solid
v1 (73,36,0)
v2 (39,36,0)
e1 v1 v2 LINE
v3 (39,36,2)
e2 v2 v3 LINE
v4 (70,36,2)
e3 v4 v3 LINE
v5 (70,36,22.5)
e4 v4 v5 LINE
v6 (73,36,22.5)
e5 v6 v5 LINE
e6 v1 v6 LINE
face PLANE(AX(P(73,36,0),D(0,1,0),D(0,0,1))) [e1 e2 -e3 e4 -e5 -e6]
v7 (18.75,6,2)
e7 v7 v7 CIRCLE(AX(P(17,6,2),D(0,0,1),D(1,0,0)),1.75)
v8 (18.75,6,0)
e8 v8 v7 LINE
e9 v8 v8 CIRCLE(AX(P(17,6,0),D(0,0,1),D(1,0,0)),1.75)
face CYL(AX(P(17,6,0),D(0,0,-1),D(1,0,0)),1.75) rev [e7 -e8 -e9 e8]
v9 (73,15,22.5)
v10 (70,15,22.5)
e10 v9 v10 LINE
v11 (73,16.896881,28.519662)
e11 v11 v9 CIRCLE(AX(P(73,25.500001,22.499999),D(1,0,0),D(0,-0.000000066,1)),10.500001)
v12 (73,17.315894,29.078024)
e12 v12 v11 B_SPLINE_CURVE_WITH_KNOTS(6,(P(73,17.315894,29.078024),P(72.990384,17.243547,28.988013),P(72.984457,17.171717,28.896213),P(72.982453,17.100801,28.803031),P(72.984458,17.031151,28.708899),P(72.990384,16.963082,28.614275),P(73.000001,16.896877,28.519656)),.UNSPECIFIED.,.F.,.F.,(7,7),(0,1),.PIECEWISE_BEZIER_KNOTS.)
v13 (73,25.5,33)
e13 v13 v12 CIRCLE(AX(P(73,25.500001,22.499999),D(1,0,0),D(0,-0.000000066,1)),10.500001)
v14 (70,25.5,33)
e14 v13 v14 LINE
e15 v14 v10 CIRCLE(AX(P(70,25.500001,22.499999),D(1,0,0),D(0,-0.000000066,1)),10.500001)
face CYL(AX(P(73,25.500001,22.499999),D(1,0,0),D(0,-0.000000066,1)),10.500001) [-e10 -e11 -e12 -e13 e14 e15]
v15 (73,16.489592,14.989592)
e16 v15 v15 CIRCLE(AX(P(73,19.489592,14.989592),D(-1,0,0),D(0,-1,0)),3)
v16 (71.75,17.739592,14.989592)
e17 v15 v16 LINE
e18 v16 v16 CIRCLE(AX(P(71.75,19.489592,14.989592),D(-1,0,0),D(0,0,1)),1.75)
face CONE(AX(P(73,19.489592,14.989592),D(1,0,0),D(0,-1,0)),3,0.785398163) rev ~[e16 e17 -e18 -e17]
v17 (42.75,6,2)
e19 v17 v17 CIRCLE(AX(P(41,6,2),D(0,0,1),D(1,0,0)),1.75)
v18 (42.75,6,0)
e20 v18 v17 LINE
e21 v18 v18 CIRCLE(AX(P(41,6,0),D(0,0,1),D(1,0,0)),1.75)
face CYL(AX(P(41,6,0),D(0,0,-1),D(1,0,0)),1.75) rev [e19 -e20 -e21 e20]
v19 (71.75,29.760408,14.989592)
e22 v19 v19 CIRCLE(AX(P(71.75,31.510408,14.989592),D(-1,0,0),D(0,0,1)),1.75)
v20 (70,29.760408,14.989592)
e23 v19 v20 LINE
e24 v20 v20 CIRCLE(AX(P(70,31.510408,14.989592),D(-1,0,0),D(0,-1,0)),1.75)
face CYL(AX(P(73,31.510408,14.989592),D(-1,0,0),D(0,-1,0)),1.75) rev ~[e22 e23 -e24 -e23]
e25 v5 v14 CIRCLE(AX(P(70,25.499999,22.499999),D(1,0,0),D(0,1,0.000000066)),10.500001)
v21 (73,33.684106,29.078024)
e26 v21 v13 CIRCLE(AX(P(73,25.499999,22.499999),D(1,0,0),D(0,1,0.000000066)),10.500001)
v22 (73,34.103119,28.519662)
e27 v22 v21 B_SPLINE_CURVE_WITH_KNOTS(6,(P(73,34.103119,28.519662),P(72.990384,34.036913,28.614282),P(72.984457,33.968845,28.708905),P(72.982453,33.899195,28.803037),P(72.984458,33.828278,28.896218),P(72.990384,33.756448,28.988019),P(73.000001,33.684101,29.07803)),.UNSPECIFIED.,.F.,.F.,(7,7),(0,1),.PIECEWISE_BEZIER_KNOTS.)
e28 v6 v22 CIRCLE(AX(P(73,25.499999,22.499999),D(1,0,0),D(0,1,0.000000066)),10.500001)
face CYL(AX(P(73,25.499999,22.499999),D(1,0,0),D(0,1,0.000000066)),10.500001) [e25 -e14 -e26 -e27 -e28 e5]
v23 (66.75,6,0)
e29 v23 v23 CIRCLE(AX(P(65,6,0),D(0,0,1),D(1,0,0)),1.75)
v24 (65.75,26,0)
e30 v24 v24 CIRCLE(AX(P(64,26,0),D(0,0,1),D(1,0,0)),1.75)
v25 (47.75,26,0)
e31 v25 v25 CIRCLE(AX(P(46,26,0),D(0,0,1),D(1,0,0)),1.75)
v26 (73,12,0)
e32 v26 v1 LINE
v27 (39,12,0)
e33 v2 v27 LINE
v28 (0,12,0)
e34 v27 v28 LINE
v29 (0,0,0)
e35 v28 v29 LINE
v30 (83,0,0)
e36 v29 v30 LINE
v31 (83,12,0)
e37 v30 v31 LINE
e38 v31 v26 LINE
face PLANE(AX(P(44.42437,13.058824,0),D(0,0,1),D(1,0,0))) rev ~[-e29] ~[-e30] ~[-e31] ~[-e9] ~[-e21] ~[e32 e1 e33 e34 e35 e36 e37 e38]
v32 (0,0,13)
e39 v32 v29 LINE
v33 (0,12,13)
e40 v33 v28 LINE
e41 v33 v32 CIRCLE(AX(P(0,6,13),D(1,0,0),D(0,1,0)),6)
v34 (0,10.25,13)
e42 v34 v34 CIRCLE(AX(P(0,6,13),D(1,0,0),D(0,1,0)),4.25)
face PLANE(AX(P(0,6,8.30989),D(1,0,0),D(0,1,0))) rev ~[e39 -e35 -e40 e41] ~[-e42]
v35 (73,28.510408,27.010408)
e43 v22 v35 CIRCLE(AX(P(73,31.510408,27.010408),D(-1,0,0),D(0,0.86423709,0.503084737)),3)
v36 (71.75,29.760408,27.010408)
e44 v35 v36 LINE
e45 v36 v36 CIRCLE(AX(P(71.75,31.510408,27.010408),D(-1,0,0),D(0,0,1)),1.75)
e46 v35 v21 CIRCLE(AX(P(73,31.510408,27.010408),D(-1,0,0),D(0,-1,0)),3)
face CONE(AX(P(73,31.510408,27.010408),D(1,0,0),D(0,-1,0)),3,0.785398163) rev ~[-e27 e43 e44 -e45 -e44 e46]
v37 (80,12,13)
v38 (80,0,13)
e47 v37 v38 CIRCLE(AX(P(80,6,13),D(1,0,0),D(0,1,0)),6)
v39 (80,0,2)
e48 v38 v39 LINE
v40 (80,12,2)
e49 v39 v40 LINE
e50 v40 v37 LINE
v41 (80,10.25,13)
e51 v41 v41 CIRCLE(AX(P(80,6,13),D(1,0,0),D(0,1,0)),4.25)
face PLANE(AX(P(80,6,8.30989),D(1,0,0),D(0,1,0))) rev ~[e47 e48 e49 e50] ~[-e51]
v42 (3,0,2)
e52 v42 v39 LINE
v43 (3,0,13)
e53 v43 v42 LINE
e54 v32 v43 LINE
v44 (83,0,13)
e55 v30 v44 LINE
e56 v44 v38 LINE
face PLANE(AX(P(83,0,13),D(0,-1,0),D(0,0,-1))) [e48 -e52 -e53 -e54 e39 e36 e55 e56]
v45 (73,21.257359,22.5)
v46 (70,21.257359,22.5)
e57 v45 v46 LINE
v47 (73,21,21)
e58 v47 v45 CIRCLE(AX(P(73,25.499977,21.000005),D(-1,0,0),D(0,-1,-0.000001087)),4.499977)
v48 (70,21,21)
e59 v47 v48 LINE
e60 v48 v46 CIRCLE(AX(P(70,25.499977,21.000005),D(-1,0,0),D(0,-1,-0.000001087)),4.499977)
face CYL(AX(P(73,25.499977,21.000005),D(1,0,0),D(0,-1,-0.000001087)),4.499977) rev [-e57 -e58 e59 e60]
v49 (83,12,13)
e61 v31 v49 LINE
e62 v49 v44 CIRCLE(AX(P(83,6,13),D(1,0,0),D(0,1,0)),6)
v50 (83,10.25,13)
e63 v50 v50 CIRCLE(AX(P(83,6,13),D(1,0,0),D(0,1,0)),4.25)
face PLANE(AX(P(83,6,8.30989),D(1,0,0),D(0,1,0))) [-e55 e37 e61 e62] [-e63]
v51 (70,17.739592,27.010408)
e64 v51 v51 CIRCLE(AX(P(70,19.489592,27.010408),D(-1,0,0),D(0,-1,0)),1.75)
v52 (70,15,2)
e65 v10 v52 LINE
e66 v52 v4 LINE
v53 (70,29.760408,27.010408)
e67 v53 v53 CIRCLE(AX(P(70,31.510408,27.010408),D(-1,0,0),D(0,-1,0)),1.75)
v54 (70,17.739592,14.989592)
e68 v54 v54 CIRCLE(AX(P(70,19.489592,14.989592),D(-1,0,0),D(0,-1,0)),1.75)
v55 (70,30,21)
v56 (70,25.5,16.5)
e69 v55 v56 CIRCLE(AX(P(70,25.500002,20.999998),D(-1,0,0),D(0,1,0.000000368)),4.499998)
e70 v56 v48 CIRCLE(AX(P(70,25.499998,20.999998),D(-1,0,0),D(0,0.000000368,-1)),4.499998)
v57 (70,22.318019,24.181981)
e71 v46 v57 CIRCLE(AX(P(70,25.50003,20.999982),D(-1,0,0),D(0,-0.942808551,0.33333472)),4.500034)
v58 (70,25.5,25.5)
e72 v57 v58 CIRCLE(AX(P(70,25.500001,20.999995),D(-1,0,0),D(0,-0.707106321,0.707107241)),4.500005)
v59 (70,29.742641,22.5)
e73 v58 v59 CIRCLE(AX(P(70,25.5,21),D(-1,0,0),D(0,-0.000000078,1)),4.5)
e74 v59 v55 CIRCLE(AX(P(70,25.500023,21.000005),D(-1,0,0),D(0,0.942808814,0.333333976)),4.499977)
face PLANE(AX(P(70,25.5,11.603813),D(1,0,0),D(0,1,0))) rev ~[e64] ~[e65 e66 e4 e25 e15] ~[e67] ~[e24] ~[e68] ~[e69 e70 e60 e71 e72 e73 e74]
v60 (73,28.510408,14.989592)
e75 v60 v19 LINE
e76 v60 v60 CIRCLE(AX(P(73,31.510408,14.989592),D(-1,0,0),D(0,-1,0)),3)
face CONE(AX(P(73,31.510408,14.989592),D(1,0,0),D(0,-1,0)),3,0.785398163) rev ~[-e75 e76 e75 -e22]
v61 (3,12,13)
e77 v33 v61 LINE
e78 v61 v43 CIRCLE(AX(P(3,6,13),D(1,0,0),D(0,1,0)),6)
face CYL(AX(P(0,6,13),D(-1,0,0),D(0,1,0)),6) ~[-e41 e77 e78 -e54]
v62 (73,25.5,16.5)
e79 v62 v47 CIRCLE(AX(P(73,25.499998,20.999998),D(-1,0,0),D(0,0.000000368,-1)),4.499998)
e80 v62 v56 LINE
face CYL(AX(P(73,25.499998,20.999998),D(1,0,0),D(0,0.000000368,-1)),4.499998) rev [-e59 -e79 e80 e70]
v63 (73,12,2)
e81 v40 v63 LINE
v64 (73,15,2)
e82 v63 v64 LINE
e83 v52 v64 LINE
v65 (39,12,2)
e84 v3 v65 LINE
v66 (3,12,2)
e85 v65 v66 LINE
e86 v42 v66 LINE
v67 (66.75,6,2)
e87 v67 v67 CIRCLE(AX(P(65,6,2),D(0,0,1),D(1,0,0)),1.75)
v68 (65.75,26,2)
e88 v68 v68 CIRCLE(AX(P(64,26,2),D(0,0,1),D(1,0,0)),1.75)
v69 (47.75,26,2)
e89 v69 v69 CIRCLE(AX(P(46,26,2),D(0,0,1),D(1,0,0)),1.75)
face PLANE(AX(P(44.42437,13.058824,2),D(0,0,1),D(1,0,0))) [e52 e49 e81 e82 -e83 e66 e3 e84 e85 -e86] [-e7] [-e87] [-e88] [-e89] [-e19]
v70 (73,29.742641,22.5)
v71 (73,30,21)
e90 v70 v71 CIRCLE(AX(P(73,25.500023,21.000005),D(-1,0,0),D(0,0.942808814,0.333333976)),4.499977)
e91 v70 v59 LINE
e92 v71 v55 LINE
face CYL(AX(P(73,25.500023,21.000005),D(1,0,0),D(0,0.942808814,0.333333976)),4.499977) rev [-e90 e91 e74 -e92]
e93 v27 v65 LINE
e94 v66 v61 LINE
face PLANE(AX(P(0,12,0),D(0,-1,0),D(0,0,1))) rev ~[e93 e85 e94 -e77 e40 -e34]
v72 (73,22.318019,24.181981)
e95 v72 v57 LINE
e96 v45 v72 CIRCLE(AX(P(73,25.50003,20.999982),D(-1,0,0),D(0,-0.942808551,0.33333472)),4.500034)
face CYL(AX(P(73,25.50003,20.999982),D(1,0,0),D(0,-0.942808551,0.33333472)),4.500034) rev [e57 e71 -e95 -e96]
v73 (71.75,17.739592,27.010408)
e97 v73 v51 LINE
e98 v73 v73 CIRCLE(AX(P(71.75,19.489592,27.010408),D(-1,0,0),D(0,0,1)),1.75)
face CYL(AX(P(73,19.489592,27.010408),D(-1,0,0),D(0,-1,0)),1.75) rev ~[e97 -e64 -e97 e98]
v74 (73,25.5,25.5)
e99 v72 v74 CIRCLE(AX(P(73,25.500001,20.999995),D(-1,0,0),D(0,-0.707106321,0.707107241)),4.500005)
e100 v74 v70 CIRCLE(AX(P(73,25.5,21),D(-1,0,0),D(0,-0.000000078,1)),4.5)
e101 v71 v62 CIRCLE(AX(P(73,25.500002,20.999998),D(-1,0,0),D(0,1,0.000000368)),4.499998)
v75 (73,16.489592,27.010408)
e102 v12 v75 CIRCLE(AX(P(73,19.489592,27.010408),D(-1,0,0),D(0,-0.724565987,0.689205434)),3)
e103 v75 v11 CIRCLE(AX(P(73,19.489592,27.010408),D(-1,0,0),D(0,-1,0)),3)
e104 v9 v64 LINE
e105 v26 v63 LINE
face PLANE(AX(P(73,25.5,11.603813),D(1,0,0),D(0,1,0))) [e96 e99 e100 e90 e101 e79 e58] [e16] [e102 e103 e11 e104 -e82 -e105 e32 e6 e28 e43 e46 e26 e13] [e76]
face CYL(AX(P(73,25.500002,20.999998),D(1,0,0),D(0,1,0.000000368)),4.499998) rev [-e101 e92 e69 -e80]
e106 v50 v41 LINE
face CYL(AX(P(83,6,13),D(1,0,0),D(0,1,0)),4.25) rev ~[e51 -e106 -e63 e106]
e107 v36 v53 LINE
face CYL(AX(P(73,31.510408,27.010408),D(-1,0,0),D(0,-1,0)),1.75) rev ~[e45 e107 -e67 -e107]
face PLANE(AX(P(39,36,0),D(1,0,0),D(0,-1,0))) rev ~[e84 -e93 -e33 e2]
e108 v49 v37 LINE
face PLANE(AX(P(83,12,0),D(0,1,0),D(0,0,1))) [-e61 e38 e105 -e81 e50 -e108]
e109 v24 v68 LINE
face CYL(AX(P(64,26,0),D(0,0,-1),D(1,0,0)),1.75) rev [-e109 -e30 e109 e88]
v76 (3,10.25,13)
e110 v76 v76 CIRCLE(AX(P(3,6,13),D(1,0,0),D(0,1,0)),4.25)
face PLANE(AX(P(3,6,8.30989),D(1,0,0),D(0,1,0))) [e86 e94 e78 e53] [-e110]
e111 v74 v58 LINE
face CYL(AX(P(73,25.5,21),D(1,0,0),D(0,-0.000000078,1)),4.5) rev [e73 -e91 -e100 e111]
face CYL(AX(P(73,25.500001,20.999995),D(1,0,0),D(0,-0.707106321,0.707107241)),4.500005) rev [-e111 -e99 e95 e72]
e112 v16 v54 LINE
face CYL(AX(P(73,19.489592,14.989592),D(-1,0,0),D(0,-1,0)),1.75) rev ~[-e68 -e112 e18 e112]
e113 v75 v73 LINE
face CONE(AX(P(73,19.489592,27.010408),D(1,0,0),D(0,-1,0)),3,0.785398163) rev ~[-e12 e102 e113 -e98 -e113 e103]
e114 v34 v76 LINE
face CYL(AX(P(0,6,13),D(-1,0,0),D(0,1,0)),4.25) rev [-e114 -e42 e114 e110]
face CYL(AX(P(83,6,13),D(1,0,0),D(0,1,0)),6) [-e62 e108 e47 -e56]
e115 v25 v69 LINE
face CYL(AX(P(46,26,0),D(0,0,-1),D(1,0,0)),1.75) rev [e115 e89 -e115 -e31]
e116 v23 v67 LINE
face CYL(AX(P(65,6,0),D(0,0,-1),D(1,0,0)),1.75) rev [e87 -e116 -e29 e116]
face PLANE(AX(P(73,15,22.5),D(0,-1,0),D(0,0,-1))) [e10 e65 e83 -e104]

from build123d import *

# Parameters (mm, degrees)
F0_R            = 1.75
F1_DEPTH        = 2
F3_R            = 4.25
F4_DEPTH        = 3
F5_R            = 4.25
F6_DEPTH        = 3
F9_DEPTH        = 3
F10_D           = 3.5
F10_CSINK_D     = 6
F10_CSINK_ANGLE = 90


with BuildPart() as f1:
    # F0 (on Top) → F1 (new body)
    with BuildSketch(Plane.XY):
        Polygon((0, 12), (0, 0), (83, 0), (83, 12), (73, 12), (73, 36), (39, 36), (39, 12), align=None)
        with Locations((17, 6)):
            Circle(F0_R, mode=Mode.SUBTRACT)
        with Locations((41, 6)):
            Circle(F0_R, mode=Mode.SUBTRACT)
        with Locations((65, 6)):
            Circle(F0_R, mode=Mode.SUBTRACT)
        with Locations((46, 26)):
            Circle(F0_R, mode=Mode.SUBTRACT)
        with Locations((64, 26)):
            Circle(F0_R, mode=Mode.SUBTRACT)
    extrude(amount=F1_DEPTH)

    # F3 (on Right) → F4 (join)
    with BuildSketch(Plane.YZ):
        with BuildLine():
            Line((0, 13), (0, 0))
            Line((0, 0), (12, 0))
            Line((12, 0), (12, 13))
            ThreePointArc((12, 13), (6, 19), (0, 13))
        make_face()
        with Locations((6, 13)):
            Circle(F3_R, mode=Mode.SUBTRACT)
    extrude(amount=F4_DEPTH)

    # F5 (on offset) → F6 (join)
    with BuildSketch(Plane.YZ.offset(83)):
        with BuildLine():
            Line((0, 13), (0, 0))
            Line((0, 0), (12, 0))
            Line((12, 0), (12, 13))
            ThreePointArc((12, 13), (6, 19), (0, 13))
        make_face()
        with Locations((6, 13)):
            Circle(F5_R, mode=Mode.SUBTRACT)
    extrude(amount=-F6_DEPTH)

    # F8 (on offset) → F9 (join)
    with BuildSketch(Plane.YZ.offset(73)):
        with BuildLine():
            Line((15, 22.5), (15, 0))
            Line((15, 0), (36, 0))
            Line((36, 0), (36, 22.5))
            Line((36, 22.5), (29.742641, 22.5))
            ThreePointArc((29.742641, 22.5), (29.935194, 21.760959), (30, 21))
            ThreePointArc((30, 21), (28.681981, 17.818019), (25.5, 16.5))
            ThreePointArc((25.5, 16.5), (22.318019, 17.818019), (21, 21))
            ThreePointArc((21, 21), (21.064806, 21.760959), (21.257359, 22.5))
            Line((21.257359, 22.5), (15, 22.5))
        make_face()
        with BuildLine():
            ThreePointArc((25.5, 33), (18.075379, 29.924621), (15, 22.5))
            Line((15, 22.5), (21.257359, 22.5))
            ThreePointArc((21.257359, 22.5), (21.693622, 23.400309), (22.318019, 24.181981))
            ThreePointArc((22.318019, 24.181981), (23.777925, 25.157458), (25.5, 25.5))
            Line((25.5, 25.5), (25.5, 33))
        make_face()
        with BuildLine():
            Line((29.742641, 22.5), (36, 22.5))
            ThreePointArc((36, 22.5), (32.924621, 29.924621), (25.5, 33))
            Line((25.5, 33), (25.5, 25.5))
            ThreePointArc((25.5, 25.5), (28.098076, 24.674235), (29.742641, 22.5))
        make_face()
    extrude(amount=-F9_DEPTH)

    # F10 (through all)
    with Locations(Plane.YZ.offset(73)):
        with Locations((31.510408, 14.989592), (19.489592, 14.989592), (19.489592, 27.010408), (31.510408, 27.010408)):
            CounterSinkHole(F10_D / 2, F10_CSINK_D / 2, counter_sink_angle=F10_CSINK_ANGLE)


solid = f1.part
